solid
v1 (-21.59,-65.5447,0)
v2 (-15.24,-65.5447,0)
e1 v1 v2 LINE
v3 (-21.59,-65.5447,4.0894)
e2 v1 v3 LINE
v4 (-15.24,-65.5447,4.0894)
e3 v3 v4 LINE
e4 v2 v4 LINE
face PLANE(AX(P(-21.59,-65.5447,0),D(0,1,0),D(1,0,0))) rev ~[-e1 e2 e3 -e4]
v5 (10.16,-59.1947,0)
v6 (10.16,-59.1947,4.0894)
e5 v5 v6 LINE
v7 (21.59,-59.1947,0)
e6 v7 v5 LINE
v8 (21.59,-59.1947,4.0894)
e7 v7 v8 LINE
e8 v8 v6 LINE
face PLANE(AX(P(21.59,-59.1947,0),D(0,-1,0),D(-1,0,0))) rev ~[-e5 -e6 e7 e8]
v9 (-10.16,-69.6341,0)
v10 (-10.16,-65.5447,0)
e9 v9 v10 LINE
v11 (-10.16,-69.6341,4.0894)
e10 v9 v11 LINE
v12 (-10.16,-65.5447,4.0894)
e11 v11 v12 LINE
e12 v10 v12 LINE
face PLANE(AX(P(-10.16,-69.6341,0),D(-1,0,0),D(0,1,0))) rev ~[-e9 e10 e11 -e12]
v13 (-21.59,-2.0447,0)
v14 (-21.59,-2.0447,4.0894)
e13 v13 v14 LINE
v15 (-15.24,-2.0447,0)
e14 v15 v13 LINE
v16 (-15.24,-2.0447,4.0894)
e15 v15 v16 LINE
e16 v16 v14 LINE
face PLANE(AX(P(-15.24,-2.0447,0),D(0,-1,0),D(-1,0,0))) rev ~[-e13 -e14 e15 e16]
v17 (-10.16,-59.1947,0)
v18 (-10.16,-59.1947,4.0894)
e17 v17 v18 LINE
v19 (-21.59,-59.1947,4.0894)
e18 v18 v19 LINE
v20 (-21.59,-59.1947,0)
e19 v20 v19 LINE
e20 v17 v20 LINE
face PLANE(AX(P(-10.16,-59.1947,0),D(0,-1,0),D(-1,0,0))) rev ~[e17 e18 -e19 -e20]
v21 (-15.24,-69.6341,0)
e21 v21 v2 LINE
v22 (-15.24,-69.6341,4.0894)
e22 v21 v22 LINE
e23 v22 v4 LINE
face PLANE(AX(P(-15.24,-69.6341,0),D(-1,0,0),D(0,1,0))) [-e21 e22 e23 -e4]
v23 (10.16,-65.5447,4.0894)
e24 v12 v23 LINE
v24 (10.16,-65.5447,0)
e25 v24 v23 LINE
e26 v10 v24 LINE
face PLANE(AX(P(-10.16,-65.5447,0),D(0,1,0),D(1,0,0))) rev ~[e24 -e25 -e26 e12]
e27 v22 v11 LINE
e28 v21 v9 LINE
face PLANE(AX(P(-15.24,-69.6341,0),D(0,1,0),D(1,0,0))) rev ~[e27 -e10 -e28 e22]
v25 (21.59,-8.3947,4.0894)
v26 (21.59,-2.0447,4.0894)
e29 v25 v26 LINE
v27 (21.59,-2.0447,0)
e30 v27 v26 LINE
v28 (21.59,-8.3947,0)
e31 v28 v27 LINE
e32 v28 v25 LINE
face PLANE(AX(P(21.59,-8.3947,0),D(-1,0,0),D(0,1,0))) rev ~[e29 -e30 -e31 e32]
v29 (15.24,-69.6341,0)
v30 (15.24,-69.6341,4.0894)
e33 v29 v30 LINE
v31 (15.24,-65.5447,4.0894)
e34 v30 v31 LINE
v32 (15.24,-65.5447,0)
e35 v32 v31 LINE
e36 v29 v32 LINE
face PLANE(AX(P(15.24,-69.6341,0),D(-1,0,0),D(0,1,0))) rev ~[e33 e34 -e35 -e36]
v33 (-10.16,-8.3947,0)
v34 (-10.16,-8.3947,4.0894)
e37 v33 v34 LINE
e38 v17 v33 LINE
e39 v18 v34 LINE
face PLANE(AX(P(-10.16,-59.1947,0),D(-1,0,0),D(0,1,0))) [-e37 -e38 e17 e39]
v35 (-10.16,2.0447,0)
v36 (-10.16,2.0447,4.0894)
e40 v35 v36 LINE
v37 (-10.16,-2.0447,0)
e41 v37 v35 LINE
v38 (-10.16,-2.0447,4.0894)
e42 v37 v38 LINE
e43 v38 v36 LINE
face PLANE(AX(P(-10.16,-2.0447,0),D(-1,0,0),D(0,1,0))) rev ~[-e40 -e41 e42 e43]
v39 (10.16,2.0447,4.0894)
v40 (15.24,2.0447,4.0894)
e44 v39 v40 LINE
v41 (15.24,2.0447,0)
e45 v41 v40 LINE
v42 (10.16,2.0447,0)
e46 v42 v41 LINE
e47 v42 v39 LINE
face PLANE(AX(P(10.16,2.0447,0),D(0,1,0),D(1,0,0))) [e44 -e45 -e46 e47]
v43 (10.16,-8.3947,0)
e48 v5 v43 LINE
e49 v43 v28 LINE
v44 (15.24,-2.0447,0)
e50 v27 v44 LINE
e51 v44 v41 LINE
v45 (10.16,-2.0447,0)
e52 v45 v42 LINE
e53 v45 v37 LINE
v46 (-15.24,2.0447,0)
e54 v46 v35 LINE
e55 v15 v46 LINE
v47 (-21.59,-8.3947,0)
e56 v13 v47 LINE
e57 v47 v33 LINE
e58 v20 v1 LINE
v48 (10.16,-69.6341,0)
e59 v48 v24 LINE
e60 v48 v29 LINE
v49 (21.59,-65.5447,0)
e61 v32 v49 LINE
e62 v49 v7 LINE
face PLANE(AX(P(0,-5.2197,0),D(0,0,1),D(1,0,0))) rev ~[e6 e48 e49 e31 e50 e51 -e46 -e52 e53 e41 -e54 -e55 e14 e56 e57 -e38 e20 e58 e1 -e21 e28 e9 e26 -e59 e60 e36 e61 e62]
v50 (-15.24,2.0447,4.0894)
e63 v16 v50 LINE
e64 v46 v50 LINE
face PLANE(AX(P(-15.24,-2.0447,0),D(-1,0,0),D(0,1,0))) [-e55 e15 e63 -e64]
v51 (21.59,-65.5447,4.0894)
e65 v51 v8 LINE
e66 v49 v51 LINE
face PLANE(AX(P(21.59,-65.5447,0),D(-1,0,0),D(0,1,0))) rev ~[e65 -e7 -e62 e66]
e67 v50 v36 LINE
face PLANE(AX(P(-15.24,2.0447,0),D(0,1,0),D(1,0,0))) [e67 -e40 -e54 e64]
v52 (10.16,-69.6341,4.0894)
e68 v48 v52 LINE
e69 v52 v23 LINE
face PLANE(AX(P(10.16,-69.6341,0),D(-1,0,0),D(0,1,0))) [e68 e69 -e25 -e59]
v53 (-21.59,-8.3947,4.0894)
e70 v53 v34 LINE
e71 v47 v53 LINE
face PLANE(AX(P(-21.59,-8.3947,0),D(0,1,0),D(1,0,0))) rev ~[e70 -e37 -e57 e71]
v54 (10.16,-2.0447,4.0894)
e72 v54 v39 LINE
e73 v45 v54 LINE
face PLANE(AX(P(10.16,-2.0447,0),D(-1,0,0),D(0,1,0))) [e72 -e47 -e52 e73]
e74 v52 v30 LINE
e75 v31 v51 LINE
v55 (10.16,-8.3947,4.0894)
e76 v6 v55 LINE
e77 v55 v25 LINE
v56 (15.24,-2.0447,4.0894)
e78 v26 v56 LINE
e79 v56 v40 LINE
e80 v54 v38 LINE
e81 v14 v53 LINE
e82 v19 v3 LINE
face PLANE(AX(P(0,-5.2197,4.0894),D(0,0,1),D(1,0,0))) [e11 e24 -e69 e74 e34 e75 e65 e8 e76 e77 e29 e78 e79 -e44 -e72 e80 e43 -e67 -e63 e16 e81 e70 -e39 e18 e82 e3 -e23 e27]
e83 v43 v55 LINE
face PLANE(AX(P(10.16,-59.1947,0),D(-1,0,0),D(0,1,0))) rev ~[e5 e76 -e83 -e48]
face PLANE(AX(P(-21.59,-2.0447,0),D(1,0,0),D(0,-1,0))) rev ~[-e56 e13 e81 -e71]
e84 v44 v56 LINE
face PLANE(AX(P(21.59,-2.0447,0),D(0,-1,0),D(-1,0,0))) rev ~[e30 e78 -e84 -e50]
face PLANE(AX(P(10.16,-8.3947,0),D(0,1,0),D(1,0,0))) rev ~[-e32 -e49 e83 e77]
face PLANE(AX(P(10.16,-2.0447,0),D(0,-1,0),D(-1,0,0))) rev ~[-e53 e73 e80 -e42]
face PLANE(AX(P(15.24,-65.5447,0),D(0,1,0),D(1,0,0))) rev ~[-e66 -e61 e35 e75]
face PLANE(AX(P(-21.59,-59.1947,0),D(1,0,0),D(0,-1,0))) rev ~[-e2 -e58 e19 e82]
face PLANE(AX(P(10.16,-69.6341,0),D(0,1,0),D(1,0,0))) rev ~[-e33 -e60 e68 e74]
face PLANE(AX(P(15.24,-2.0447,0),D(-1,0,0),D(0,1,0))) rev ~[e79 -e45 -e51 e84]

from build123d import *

# Parameters (mm, degrees)
F0_W     = 5.08
F0_H     = 4.0894
F0_W_2   = 20.32
F0_H_2   = 50.8
F1_DEPTH = 4.0894


with BuildPart() as f1:
    # F0 (on Top) → F1 (new body)
    with BuildSketch(Plane.XY):
        Polygon((21.59, -2.0447), (15.24, -2.0447), (10.16, -2.0447), (-10.16, -2.0447), (-15.24, -2.0447), (-21.59, -2.0447), (-21.59, -8.3947), (-10.16, -8.3947), (10.16, -8.3947), (21.59, -8.3947), align=None)
        with Locations((12.7, 0)):
            Rectangle(F0_W, F0_H)
        with Locations((-12.7, 0)):
            Rectangle(F0_W, F0_H)
        with Locations((0, -33.7947)):
            Rectangle(F0_W_2, F0_H_2)
        Polygon((21.59, -59.1947), (10.16, -59.1947), (-10.16, -59.1947), (-21.59, -59.1947), (-21.59, -65.5447), (-15.24, -65.5447), (-10.16, -65.5447), (10.16, -65.5447), (15.24, -65.5447), (21.59, -65.5447), align=None)
        with Locations((12.7, -67.5894)):
            Rectangle(F0_W, F0_H)
        with Locations((-12.7, -67.5894)):
            Rectangle(F0_W, F0_H)
    extrude(amount=F1_DEPTH)


solid = f1.part
